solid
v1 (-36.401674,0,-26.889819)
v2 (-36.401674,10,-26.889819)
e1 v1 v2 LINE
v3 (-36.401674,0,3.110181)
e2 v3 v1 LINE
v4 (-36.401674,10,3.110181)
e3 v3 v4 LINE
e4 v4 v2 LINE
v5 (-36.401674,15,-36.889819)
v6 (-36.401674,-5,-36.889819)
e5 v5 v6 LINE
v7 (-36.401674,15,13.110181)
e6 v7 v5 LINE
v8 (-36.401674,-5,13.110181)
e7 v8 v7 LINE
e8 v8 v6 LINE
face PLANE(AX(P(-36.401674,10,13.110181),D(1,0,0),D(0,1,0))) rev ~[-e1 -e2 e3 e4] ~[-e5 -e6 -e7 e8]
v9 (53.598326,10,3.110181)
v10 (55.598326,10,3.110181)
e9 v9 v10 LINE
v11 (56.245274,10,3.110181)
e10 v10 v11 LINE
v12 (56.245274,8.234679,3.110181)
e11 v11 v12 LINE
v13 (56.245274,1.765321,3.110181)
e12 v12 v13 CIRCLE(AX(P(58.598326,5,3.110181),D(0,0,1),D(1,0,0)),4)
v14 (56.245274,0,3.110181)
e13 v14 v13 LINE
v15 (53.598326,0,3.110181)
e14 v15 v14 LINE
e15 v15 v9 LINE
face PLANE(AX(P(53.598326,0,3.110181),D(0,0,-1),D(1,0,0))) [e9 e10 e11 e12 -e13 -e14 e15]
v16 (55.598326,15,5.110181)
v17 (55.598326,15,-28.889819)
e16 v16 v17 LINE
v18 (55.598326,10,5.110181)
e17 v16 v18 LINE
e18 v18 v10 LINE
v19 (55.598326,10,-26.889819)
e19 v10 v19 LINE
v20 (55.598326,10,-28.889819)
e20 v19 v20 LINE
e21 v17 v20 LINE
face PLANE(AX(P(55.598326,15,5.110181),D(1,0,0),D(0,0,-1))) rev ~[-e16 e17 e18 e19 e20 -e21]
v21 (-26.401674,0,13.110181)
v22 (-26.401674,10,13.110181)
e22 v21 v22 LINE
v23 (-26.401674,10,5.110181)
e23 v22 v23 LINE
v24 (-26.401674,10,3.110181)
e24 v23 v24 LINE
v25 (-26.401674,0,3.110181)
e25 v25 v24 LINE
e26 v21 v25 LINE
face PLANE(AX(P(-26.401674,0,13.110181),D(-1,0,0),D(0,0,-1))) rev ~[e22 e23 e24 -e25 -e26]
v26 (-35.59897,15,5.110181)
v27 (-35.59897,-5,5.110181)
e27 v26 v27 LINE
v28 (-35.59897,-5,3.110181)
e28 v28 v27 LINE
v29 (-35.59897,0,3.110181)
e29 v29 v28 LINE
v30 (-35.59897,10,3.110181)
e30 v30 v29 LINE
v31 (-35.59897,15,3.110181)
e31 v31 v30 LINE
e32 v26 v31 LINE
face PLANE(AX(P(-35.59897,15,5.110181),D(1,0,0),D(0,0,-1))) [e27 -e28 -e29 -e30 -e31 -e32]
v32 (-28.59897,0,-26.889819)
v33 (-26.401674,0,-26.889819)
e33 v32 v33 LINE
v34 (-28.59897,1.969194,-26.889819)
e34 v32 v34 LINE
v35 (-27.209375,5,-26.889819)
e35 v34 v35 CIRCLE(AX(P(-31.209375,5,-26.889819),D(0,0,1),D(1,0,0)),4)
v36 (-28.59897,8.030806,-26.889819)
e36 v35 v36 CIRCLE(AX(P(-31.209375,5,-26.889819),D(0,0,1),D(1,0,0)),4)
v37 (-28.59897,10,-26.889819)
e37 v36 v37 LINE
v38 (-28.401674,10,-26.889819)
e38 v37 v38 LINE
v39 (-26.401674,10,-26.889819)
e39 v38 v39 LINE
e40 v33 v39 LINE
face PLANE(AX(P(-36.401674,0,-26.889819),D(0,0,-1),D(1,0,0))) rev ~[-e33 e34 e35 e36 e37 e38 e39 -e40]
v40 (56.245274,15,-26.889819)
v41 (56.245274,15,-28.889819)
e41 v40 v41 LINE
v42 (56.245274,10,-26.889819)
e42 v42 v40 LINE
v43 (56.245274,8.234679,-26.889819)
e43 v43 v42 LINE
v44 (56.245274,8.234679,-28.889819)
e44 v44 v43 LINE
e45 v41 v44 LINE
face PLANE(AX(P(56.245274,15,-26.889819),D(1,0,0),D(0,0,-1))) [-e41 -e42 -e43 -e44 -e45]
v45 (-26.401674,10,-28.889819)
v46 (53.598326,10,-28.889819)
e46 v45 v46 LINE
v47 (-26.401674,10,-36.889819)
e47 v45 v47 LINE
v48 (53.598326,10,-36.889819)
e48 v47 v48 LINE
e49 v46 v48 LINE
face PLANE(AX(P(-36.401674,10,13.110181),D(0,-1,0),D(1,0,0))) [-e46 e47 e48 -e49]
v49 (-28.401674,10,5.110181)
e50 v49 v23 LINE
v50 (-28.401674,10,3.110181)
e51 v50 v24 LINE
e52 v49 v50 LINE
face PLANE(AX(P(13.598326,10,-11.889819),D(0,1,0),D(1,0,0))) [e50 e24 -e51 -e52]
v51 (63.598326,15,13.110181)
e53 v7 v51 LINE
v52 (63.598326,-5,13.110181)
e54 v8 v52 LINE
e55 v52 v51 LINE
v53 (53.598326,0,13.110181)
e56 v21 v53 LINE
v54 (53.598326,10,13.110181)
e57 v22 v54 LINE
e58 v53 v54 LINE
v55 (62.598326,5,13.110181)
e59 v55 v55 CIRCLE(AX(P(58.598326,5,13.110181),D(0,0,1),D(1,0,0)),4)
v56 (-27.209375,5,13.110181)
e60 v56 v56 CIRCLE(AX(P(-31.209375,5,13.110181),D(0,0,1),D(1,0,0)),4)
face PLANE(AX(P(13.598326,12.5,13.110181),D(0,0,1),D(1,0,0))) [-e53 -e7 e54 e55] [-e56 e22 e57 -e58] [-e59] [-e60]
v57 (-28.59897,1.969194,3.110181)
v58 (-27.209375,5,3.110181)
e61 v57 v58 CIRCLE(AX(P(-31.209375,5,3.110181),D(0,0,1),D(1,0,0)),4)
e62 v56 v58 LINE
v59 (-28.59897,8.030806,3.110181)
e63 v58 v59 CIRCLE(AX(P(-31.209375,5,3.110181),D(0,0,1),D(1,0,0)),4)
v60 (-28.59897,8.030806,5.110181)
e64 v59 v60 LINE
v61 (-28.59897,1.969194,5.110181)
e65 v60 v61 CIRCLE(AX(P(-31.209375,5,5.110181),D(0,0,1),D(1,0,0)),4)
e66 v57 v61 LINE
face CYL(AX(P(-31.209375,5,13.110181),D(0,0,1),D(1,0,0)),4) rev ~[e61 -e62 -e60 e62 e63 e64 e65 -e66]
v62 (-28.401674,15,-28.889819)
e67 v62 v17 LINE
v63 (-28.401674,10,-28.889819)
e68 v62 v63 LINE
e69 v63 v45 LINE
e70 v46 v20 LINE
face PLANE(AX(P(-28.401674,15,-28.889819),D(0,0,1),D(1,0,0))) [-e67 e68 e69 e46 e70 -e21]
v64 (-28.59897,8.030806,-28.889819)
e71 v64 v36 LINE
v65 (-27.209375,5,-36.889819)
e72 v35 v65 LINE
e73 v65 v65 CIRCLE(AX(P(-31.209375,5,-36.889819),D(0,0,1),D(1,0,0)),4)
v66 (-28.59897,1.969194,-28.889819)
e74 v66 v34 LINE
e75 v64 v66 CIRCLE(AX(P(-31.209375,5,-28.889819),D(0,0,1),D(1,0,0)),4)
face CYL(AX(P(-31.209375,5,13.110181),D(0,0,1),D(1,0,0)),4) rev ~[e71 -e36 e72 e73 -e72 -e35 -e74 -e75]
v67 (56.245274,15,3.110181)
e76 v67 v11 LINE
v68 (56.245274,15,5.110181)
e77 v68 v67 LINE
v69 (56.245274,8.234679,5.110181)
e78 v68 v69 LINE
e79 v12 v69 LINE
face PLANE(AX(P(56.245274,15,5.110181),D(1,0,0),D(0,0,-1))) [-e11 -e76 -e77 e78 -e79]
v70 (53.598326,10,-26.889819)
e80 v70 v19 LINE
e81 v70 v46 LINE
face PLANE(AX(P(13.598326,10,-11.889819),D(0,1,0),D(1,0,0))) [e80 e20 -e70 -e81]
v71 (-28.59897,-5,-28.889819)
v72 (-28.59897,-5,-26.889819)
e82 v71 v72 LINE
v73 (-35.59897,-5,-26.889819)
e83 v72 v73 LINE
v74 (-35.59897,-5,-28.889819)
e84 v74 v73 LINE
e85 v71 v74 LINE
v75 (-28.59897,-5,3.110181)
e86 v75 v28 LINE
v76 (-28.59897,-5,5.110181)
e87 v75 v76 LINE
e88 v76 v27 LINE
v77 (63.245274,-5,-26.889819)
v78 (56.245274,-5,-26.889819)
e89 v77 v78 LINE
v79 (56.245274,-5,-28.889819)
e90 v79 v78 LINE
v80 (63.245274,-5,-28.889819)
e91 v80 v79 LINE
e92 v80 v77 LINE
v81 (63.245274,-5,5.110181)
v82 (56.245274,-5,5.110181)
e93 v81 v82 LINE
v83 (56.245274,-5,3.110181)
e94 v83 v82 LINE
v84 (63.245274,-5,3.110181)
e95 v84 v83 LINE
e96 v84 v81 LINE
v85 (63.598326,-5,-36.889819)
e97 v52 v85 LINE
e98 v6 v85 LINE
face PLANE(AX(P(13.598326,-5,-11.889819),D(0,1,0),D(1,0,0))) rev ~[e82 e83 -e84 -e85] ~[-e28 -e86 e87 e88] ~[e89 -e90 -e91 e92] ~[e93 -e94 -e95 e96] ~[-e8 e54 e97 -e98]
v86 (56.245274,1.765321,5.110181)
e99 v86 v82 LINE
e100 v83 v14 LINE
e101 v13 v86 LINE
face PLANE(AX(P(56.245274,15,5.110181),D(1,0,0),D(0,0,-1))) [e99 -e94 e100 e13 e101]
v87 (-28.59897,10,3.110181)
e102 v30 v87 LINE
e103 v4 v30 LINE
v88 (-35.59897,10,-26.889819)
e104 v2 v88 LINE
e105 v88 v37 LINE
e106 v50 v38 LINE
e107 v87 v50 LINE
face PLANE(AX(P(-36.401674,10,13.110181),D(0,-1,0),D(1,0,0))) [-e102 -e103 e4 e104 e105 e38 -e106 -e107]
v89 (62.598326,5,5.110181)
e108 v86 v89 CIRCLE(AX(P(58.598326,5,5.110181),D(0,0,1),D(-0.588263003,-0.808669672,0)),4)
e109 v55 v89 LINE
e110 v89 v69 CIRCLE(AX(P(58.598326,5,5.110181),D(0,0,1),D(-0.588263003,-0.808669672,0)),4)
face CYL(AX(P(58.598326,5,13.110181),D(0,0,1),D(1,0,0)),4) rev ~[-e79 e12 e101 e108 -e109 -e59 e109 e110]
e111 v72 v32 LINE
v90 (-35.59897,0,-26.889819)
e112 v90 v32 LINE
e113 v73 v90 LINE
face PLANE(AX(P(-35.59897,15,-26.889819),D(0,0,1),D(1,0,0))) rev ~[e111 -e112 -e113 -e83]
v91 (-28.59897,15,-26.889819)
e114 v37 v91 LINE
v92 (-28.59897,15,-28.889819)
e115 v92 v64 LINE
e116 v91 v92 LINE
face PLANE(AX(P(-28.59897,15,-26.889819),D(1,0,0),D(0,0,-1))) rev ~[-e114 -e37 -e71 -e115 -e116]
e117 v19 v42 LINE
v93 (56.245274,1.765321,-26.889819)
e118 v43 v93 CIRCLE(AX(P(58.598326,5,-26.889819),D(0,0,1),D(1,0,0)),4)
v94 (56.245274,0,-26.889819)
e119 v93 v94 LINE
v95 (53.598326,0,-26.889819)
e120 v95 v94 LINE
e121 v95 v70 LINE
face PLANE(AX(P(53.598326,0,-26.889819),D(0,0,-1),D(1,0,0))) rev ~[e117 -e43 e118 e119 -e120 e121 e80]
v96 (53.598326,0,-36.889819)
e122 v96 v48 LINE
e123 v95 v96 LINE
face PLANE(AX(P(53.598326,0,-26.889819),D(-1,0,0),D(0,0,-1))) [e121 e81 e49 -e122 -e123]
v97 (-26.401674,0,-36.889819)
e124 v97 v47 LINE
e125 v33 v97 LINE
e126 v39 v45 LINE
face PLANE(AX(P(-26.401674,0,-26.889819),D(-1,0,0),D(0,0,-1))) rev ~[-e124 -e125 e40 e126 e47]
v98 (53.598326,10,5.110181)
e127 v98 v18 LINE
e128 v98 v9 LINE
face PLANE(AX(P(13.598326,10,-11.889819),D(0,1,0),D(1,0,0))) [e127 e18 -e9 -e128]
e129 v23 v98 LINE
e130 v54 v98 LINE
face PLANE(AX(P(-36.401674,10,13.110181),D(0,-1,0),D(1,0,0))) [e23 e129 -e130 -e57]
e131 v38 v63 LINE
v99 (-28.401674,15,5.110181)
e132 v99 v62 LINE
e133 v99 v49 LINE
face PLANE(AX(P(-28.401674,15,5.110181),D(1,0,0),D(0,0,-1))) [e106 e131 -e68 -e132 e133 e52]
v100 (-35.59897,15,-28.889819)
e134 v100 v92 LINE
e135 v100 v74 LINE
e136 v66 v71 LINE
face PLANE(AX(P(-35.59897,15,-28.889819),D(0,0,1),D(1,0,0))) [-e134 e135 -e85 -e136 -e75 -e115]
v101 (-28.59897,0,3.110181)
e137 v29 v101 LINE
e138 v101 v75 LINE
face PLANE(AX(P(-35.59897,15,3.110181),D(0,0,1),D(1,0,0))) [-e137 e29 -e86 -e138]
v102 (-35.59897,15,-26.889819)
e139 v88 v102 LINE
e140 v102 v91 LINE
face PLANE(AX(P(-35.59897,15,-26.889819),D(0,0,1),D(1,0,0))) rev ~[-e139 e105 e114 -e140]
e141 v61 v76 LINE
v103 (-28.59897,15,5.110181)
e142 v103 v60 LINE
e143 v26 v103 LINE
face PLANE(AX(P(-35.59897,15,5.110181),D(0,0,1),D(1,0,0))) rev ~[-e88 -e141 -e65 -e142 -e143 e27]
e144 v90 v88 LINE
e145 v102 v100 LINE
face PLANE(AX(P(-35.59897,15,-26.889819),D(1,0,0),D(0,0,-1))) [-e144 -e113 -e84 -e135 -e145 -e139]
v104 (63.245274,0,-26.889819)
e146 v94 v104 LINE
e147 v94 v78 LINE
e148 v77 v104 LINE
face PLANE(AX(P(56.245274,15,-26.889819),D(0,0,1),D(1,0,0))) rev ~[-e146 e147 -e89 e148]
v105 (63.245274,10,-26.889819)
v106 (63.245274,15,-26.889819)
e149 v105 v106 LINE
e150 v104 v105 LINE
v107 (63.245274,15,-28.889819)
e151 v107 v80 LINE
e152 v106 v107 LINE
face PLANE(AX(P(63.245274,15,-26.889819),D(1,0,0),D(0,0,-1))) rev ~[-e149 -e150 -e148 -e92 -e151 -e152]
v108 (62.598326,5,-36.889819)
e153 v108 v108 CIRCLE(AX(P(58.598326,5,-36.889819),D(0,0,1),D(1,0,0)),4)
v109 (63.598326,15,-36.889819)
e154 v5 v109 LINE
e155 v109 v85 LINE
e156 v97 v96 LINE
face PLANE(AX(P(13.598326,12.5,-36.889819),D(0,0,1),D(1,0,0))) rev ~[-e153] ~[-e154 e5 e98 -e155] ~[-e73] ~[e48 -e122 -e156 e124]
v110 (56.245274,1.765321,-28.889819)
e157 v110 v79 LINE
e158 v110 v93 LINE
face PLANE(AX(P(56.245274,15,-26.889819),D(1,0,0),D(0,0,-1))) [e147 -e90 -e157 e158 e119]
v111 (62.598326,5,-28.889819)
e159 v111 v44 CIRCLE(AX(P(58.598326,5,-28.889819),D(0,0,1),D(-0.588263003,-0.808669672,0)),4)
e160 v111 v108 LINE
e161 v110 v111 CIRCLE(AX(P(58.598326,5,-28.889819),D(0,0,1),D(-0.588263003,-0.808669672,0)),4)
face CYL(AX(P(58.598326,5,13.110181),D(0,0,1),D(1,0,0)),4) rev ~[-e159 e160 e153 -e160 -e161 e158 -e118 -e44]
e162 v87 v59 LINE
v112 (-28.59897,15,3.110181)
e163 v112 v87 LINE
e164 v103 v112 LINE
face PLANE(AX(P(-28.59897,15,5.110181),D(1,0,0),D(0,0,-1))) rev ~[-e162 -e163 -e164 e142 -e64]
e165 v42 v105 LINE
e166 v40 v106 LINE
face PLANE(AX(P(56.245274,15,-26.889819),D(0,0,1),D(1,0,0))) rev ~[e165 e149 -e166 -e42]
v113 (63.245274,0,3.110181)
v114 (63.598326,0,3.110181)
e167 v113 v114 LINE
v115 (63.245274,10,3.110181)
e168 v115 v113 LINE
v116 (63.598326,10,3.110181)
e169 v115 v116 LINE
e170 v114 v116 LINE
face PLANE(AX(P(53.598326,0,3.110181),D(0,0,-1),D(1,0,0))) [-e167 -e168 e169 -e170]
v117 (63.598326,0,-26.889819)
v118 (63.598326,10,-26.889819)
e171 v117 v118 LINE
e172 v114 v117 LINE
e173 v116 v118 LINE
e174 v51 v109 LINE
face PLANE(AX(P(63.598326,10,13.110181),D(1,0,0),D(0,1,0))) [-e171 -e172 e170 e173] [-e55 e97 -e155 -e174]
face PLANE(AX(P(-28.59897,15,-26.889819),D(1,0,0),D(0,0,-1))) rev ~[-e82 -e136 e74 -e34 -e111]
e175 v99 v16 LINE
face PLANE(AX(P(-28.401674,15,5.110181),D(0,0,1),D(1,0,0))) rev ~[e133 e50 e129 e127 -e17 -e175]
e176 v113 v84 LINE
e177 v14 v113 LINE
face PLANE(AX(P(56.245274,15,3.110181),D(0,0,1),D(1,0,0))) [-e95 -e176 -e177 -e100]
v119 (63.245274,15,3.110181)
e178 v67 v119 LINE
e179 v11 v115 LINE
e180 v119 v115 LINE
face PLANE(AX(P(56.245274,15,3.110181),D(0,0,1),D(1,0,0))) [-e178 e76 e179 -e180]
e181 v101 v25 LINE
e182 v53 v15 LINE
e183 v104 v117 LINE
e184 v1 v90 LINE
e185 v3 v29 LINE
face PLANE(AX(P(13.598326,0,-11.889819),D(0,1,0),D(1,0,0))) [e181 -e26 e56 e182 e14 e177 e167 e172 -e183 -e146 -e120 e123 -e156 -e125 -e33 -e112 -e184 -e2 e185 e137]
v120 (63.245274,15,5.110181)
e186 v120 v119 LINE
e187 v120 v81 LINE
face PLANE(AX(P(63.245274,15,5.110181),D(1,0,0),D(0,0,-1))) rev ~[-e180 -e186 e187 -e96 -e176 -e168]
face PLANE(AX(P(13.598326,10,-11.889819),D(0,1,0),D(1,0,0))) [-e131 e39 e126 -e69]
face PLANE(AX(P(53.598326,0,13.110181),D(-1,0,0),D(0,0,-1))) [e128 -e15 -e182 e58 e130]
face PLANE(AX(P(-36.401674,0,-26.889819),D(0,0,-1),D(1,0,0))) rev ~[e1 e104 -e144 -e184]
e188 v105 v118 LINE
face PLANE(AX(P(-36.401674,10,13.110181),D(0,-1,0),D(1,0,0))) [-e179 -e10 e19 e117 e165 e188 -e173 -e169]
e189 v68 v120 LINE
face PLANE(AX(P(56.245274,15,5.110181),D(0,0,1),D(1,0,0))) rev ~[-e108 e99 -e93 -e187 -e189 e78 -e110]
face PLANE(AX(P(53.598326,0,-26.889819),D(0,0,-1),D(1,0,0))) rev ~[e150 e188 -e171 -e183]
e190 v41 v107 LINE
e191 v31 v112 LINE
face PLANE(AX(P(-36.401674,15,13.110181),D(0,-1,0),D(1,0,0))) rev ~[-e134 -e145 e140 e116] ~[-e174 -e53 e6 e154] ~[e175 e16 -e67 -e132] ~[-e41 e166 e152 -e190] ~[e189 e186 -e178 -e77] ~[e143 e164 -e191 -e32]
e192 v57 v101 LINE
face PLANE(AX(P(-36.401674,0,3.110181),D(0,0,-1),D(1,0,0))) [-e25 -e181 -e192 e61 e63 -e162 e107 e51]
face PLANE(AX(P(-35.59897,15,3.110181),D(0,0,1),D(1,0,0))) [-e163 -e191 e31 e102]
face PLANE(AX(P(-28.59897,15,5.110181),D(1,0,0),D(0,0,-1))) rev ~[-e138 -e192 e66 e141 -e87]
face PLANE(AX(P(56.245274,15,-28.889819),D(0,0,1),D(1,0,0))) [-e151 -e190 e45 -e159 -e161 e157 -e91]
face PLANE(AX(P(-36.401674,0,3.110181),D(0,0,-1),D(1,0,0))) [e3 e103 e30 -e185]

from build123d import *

# Parameters (mm, degrees)
SKETCH_1_W           = 10
SKETCH_1_H           = 10
EXTRUDE_2_DEPTH      = 10
EXTRUDE_2_2_DEPTH    = 10
EXTRUDE_2_3_DEPTH    = 10
EXTRUDE_2_4_DEPTH    = 10
SKETCH_2_W           = 100
SKETCH_2_H           = 50
EXTRUDE_3_DEPTH      = 5
SKETCH_4_W           = 100
SKETCH_4_H           = 5
EXTRUDE_4_DEPTH      = 50
SKETCH_7_R           = 4
CUT_EXTRUDE_7_DEPTH  = 100
SKETCH_8_W           = 84
SKETCH_8_H           = 34
CUT_EXTRUDE_9_DEPTH  = 5
CUT_EXTRUDE_12_REACH = 78.195
SKETCH_10_W          = 7
SKETCH_10_H          = 2
CUT_EXTRUDE_13_REACH = 78.195
SKETCH_12_W          = 7
SKETCH_12_H          = 2


with BuildPart() as part:
    # 草图1 → 凸台-拉伸2 (new body)
    with BuildSketch(Plane(origin=(0, 0, 0), x_dir=(1, 0, 0), z_dir=(0, 1, 0))):
        with Locations((-31.40167364, 31.889818689)):
            Rectangle(SKETCH_1_W, SKETCH_1_H)
    extrude(amount=EXTRUDE_2_DEPTH)



with BuildPart() as body_2:
    # 草图1 → Extrude 2 2 (new body)
    with BuildSketch(Plane(origin=(0, 0, 0), x_dir=(1, 0, 0), z_dir=(0, 1, 0))):
        with Locations((-31.40167364, -8.110181311)):
            Rectangle(SKETCH_1_W, SKETCH_1_H)
    extrude(amount=EXTRUDE_2_2_DEPTH)


with BuildPart() as body_3:
    # 草图1 → Extrude 2 3 (new body)
    with BuildSketch(Plane(origin=(0, 0, 0), x_dir=(1, 0, 0), z_dir=(0, 1, 0))):
        with Locations((58.59832636, 31.889818689)):
            Rectangle(SKETCH_1_W, SKETCH_1_H)
    extrude(amount=EXTRUDE_2_3_DEPTH)


with BuildPart() as body_4:
    # 草图1 → Extrude 2 4 (new body)
    with BuildSketch(Plane(origin=(0, 0, 0), x_dir=(1, 0, 0), z_dir=(0, 1, 0))):
        with Locations((58.59832636, -8.110181311)):
            Rectangle(SKETCH_1_W, SKETCH_1_H)
    extrude(amount=EXTRUDE_2_4_DEPTH)


with BuildPart() as part_1:
    add(part.part)

    add(body_2.part)  # 凸台-拉伸3 merges body 2

    add(body_3.part)  # 凸台-拉伸3 merges body 3

    add(body_4.part)  # 凸台-拉伸3 merges body 4
    # 草图2 → 凸台-拉伸3 (add)
    with BuildSketch(Plane(origin=(0, 0, 0), x_dir=(1, 0, 0), z_dir=(0, 1, 0))):
        with Locations((13.59832636, 11.889818689)):
            Rectangle(SKETCH_2_W, SKETCH_2_H)
    extrude(amount=-EXTRUDE_3_DEPTH)

    # 草图4 → 凸台-拉伸4 (add)
    with BuildSketch(Plane.XY.offset(13.110181311)):
        with Locations((13.59832636, 12.5)):
            Rectangle(SKETCH_4_W, SKETCH_4_H)
    extrude(amount=-EXTRUDE_4_DEPTH)

    # 草图7 → 切除-拉伸7 (cut)
    with BuildSketch(Plane.XY.offset(13.110181311)):
        with Locations((-31.20937541, 5)):
            Circle(SKETCH_7_R)
        with Locations((58.59832636, 5)):
            Circle(SKETCH_7_R)
    extrude(amount=-CUT_EXTRUDE_7_DEPTH, mode=Mode.SUBTRACT)

    # 草图8 → 切除-拉伸9 (cut)
    with BuildSketch(Plane(origin=(0, 15, 0), x_dir=(1, 0, 0), z_dir=(0, 1, 0))):
        with Locations((13.59832636, 11.889818689)):
            Rectangle(SKETCH_8_W, SKETCH_8_H)
    extrude(amount=-CUT_EXTRUDE_9_DEPTH, mode=Mode.SUBTRACT)

    # 草图10 → 切除-拉伸12 (cut, up to next)
    with BuildSketch(Plane(origin=(0, 15, 0), x_dir=(1, 0, 0), z_dir=(0, 1, 0)), mode=Mode.PRIVATE) as cut_extrude_12_sk1:
        with Locations((-32.098969847, 27.889818689)):
            Rectangle(SKETCH_10_W, SKETCH_10_H)
    cut_extrude_12_tool1 = extrude(cut_extrude_12_sk1.sketch, amount=-CUT_EXTRUDE_12_REACH, mode=Mode.PRIVATE) & part_1.part
    add(cut_extrude_12_tool1.solids().sort_by_distance((-32.09897, 15, -27.889819))[0], mode=Mode.SUBTRACT)

    # 草图12 → 切除-拉伸13 (cut, up to next)
    with BuildSketch(Plane(origin=(0, 15, 0), x_dir=(1, 0, 0), z_dir=(0, 1, 0)), mode=Mode.PRIVATE) as cut_extrude_13_sk1:
        with Locations((-32.098969847, -4.110181311)):
            Rectangle(SKETCH_12_W, SKETCH_12_H)
    cut_extrude_13_tool1 = extrude(cut_extrude_13_sk1.sketch, amount=-CUT_EXTRUDE_13_REACH, mode=Mode.PRIVATE) & part_1.part
    # 草图12 → 切除-拉伸13 (cut, up to next)
    with BuildSketch(Plane(origin=(0, 15, 0), x_dir=(1, 0, 0), z_dir=(0, 1, 0)), mode=Mode.PRIVATE) as cut_extrude_13_sk2:
        with Locations((59.745274347, 27.889818689)):
            Rectangle(SKETCH_12_W, SKETCH_12_H)
    cut_extrude_13_tool2 = extrude(cut_extrude_13_sk2.sketch, amount=-CUT_EXTRUDE_13_REACH, mode=Mode.PRIVATE) & part_1.part
    # 草图12 → 切除-拉伸13 (cut, up to next)
    with BuildSketch(Plane(origin=(0, 15, 0), x_dir=(1, 0, 0), z_dir=(0, 1, 0)), mode=Mode.PRIVATE) as cut_extrude_13_sk3:
        with Locations((59.745274347, -4.110181311)):
            Rectangle(SKETCH_12_W, SKETCH_12_H)
    cut_extrude_13_tool3 = extrude(cut_extrude_13_sk3.sketch, amount=-CUT_EXTRUDE_13_REACH, mode=Mode.PRIVATE) & part_1.part
    add(cut_extrude_13_tool1.solids().sort_by_distance((-32.09897, 15, 4.110181))[0], mode=Mode.SUBTRACT)
    add(cut_extrude_13_tool2.solids().sort_by_distance((59.745274, 15, -27.889819))[0], mode=Mode.SUBTRACT)
    add(cut_extrude_13_tool3.solids().sort_by_distance((59.745274, 15, 4.110181))[0], mode=Mode.SUBTRACT)


solid = part_1.part
